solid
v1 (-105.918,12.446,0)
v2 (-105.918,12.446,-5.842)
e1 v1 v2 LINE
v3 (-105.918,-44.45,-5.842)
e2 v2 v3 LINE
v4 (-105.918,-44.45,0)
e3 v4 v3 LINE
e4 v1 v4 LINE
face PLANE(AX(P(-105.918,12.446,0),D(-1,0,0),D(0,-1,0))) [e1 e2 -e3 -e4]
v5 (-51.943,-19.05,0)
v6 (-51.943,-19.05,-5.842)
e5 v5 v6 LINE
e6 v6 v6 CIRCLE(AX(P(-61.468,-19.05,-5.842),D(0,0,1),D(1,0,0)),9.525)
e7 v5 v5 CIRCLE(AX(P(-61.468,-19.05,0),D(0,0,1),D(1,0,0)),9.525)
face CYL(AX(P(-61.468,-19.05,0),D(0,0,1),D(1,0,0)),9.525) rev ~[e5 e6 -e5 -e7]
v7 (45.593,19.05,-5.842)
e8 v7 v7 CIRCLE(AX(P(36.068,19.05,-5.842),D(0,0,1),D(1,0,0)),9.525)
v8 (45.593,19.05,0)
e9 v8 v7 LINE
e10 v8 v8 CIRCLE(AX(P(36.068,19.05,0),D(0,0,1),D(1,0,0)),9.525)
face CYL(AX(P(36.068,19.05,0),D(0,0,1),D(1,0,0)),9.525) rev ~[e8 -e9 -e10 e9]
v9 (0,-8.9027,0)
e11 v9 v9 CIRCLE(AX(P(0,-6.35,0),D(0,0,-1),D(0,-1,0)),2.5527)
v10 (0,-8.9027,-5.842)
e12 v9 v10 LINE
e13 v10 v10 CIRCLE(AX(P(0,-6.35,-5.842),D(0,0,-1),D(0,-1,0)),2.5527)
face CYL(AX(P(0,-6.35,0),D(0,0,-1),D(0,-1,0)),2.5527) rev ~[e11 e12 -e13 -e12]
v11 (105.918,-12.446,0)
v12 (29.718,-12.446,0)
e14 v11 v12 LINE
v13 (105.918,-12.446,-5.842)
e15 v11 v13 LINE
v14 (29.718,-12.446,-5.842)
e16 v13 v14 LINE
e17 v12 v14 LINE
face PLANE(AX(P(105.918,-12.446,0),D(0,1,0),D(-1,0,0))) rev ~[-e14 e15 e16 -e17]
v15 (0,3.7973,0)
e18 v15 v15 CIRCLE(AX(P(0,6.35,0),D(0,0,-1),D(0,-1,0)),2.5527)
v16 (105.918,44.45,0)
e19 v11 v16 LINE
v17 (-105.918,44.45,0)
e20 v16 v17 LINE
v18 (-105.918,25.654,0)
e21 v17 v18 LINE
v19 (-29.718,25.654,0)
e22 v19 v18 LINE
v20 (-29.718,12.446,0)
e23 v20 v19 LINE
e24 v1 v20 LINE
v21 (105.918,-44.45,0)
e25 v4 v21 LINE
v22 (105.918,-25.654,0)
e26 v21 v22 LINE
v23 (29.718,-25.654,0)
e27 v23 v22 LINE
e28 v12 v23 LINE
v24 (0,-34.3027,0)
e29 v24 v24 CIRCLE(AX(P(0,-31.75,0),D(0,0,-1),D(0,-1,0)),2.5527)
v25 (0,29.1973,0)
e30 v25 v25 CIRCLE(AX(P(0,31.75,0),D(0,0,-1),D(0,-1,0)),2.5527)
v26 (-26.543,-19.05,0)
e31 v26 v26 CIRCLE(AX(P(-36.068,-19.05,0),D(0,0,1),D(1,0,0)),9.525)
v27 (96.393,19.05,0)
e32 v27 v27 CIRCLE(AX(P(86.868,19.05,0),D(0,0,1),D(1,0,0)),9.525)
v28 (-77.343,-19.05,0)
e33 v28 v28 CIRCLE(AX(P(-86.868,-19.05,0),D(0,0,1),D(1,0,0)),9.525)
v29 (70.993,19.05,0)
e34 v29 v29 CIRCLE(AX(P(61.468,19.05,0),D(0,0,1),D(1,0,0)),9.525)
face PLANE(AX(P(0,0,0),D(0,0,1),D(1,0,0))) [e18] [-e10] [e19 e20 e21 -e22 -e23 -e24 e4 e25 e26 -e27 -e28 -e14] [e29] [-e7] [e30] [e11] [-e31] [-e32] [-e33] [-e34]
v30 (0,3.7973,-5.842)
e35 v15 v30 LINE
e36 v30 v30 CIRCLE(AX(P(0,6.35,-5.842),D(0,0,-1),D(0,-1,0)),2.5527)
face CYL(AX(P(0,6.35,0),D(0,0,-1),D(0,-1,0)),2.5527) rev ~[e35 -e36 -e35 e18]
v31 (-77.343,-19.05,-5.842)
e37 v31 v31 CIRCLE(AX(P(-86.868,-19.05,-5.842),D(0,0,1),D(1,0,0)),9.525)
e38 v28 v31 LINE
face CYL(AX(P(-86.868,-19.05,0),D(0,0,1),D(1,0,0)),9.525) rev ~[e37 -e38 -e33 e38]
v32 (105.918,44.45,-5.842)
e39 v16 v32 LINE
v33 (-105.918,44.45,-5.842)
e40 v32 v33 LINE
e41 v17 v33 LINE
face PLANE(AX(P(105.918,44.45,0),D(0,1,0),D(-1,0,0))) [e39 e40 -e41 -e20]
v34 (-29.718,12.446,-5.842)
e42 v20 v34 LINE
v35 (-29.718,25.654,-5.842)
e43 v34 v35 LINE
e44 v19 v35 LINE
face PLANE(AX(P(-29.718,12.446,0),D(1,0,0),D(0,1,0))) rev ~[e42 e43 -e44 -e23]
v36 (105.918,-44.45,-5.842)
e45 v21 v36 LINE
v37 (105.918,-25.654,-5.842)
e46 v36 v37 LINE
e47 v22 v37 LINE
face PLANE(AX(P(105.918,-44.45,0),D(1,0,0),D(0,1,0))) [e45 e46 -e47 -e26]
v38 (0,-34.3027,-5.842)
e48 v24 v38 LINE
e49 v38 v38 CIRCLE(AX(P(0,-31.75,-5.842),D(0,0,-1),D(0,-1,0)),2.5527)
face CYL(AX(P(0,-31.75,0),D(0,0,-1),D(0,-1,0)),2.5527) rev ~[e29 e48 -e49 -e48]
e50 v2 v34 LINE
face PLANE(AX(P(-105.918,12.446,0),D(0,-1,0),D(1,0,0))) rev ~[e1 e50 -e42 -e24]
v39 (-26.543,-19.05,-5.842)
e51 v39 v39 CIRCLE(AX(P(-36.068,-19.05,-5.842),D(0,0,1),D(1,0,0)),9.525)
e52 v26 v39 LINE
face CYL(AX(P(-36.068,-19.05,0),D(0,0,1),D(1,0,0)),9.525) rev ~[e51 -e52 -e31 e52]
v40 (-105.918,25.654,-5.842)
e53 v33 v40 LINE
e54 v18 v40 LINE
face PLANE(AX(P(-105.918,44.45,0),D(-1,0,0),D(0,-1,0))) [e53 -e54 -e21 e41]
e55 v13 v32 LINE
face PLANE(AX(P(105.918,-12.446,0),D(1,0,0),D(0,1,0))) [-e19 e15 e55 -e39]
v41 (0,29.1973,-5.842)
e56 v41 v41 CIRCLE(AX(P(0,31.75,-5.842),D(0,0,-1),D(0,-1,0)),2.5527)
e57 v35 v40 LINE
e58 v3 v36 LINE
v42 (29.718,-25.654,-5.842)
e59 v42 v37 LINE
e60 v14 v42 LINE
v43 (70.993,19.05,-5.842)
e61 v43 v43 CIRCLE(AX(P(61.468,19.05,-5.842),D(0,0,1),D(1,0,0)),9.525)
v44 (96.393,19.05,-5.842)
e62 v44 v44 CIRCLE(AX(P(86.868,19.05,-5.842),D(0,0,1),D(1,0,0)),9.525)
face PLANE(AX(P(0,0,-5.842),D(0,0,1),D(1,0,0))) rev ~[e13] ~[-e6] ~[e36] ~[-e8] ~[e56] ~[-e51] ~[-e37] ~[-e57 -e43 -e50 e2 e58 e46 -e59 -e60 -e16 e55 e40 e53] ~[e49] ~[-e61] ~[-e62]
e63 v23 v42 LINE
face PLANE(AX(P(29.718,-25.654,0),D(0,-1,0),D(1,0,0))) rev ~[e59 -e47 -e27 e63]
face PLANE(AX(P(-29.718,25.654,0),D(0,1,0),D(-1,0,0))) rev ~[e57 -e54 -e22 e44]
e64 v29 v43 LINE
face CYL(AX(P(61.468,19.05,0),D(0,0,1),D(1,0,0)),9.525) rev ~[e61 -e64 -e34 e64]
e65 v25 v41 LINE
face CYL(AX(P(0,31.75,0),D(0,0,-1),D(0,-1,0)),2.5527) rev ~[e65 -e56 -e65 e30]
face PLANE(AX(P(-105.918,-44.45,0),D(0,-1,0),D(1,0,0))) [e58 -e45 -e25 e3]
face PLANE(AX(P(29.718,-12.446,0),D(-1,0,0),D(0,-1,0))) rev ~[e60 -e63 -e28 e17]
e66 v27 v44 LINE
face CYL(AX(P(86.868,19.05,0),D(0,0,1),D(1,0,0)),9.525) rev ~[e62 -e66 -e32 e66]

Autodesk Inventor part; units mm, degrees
ref_plane "YZ Plane" through (0, 0, 0) normal (1, 0, 0) x (0, 1, 0)
ref_plane "XZ Plane" through (0, 0, 0) normal (0, 1, 0) x (-1, 0, 0)
ref_plane "XY Plane" through (0, 0, 0) normal (0, 0, 1) x (1, 0, 0)
sketch "Sketch1" plane through (0, 0, 0) normal (0, 0, 1) x (1, 0, 0)
  line L0 (-105.918, -44.45) -> (105.918, -44.45)
  line L1 (105.918, -44.45) -> (105.918, 44.45)
  line L2 (105.918, 44.45) -> (-105.918, 44.45)
  line L3 (-105.918, 44.45) -> (-105.918, -44.45)
  line L4 (-29.718, 44.45) -> (-29.718, -44.45) construction
  line L5 (29.718, 44.45) -> (29.718, -44.45) construction
  line L6 (-105.918, 19.05) -> (105.918, 19.05) construction
  line L7 (-105.918, -19.05) -> (105.918, -19.05) construction
  line L8 (-67.818, 44.45) -> (-67.818, -44.45) construction
  line L9 (67.818, 44.45) -> (67.818, -44.45) construction
  line L10 (-105.918, 12.446) -> (-29.718, 12.446)
  line L11 (-29.718, 12.446) -> (-29.718, 25.654)
  line L12 (-29.718, 25.654) -> (-105.918, 25.654)
  line L13 (-105.918, 25.654) -> (-105.918, 12.446)
  line L14 (-105.918, 12.446) -> (-29.718, 25.654) construction
  line L15 (-29.718, 12.446) -> (-105.918, 25.654) construction
  line L16 (29.718, -25.654) -> (105.918, -25.654)
  line L17 (105.918, -25.654) -> (105.918, -12.446)
  line L18 (105.918, -12.446) -> (29.718, -12.446)
  line L19 (29.718, -12.446) -> (29.718, -25.654)
  line L20 (29.718, -25.654) -> (105.918, -12.446) construction
  line L21 (105.918, -25.654) -> (29.718, -12.446) construction
  point P0 (0, 0)
  point P1 (-67.818, 19.05)
  point P2 (67.818, -19.05)
  dimension "d2" = 29.718
  dimension "d3" = 29.718
  dimension "d4" = 19.05
  dimension "d5" = 19.05
  dimension "d6" = 67.818
  dimension "d7" = 67.818
  dimension "d9" = 13.208
  dimension "d10" = 76.2
  dimension "d11" = 105.918
  dimension "d12" = 44.45
  dimension "d15" = 105.918
  dimension "d16" = 44.45
extrude "Extrusion1" add sketch "Sketch1" against normal blind 5.842 contours L3 L10 L11 L12 L2 L1 L18 L19 L16 L0
sketch "Sketch2" plane through (0, 0, 0) normal (0, 0, 1) x (1, 0, 0)
  point P0 (0, 0)
  point P1 (0, 31.75)
  point P2 (0, 6.35)
  point P3 (0, -6.35)
  point P4 (0, -31.75)
  dimension "d17" = 25.4
  dimension "d18" = 6.35
  dimension "d19" = 6.35
  dimension "d20" = 25.4
hole "Hole1" at (0, 31.75, 0) at (0, 6.35, 0) at (0, -6.35, 0) at (0, -31.75, 0) direction (0, 0, -1) diameter 5.1054 end through all clearance for "Flat Head Machine Screw (82)" size "#10" standard "Ansi Unified Screw Threads"
sketch "Sketch4" plane through (0, 0, 0) normal (0, 0, 1) x (1, 0, 0)
  line L0 (-105.918, -44.45) -> (-105.918, 12.446) construction
  line L1 (-105.918, -19.05) -> (0, -19.05) construction
  circle A0 centre (-86.868, -19.05) radius 9.525
  circle A1 centre (-61.468, -19.05) radius 9.525
  circle A2 centre (-36.068, -19.05) radius 9.525
  line L2 (0, 19.05) -> (105.8361, 19.05) construction
  circle A3 centre (86.868, 19.05) radius 9.525
  line L3 (105.918, -12.446) -> (105.918, 44.45) projected
  circle A4 centre (61.468, 19.05) radius 9.525
  circle A5 centre (36.068, 19.05) radius 9.525
  point P0 (0, 0)
  dimension "d28" = 19.05
  dimension "d29" = 19.05
  dimension "d32" = 25.4
  dimension "d37" = 19.05
  dimension "d38" = 19.05
  dimension "d39" = 19.05
  dimension "d40" = 19.05
  dimension "d43" = 25.4
extrude "Extrusion2" cut sketch "Sketch4" against normal through all
equation "\"d2\" = offsetForBracketHoles"
equation "\"d3\" = offsetForBracketHoles"
equation "\"d4\" = verticalCenterLineOfSlot"
equation "\"d5\" = verticalCenterLineOfSlot"
equation "\"d6\" = horizontalCenterLineOfSlot"
equation "\"d7\" = horizontalCenterLineOfSlot"
equation "\"d9\" = slotWidth"
equation "\"d10\" = slotLength"
equation "\"d11\" = 0.5 * plateWidth"
equation "\"d12\" = 0.5 * plateHeight"
equation "\"d15\" = 0.5 * plateWidth"
equation "\"d16\" = 0.5 * plateHeight"
equation "\"d13\" = plateThickness"
equation "\"d17\" = boltCentersForBracket"
equation "\"d20\" = boltCentersForBracket"
equation "\"d37\" = verticalCenterLineOfSlot"
equation "\"d38\" = verticalCenterLineOfSlot"
equation "\"plateWidth\" = 2 * offsetForBracketHoles + 2 * slotLength + 2 * edgeForSlot"
equation "\"plateHeight\" = 88.9"
equation "\"offsetForBracketHoles\" = 29.718"
equation "\"slotLength\" = 76.2"
equation "\"verticalCenterLineOfSlot\" = 19.05"
equation "\"cylinderDiameter\" = 12.7"
equation "\"centerLineOfBracket\" = 17.526"
equation "\"horizontalCenterLineOfSlot\" = 0.5 * slotLength + offsetForBracketHoles"
equation "\"plateThickness\" = 5.842"
equation "\"edgeForSlot\" = 0"
equation "\"centerLineMiddleBracket\" = 14.224"
equation "\"boltCentersForBracket\" = 25.4"
equation "\"printerOffset\" = 0.508"
equation "\"slotWidth\" = 13.208"
properties part number "vexPlate" material "PET Plastic"
